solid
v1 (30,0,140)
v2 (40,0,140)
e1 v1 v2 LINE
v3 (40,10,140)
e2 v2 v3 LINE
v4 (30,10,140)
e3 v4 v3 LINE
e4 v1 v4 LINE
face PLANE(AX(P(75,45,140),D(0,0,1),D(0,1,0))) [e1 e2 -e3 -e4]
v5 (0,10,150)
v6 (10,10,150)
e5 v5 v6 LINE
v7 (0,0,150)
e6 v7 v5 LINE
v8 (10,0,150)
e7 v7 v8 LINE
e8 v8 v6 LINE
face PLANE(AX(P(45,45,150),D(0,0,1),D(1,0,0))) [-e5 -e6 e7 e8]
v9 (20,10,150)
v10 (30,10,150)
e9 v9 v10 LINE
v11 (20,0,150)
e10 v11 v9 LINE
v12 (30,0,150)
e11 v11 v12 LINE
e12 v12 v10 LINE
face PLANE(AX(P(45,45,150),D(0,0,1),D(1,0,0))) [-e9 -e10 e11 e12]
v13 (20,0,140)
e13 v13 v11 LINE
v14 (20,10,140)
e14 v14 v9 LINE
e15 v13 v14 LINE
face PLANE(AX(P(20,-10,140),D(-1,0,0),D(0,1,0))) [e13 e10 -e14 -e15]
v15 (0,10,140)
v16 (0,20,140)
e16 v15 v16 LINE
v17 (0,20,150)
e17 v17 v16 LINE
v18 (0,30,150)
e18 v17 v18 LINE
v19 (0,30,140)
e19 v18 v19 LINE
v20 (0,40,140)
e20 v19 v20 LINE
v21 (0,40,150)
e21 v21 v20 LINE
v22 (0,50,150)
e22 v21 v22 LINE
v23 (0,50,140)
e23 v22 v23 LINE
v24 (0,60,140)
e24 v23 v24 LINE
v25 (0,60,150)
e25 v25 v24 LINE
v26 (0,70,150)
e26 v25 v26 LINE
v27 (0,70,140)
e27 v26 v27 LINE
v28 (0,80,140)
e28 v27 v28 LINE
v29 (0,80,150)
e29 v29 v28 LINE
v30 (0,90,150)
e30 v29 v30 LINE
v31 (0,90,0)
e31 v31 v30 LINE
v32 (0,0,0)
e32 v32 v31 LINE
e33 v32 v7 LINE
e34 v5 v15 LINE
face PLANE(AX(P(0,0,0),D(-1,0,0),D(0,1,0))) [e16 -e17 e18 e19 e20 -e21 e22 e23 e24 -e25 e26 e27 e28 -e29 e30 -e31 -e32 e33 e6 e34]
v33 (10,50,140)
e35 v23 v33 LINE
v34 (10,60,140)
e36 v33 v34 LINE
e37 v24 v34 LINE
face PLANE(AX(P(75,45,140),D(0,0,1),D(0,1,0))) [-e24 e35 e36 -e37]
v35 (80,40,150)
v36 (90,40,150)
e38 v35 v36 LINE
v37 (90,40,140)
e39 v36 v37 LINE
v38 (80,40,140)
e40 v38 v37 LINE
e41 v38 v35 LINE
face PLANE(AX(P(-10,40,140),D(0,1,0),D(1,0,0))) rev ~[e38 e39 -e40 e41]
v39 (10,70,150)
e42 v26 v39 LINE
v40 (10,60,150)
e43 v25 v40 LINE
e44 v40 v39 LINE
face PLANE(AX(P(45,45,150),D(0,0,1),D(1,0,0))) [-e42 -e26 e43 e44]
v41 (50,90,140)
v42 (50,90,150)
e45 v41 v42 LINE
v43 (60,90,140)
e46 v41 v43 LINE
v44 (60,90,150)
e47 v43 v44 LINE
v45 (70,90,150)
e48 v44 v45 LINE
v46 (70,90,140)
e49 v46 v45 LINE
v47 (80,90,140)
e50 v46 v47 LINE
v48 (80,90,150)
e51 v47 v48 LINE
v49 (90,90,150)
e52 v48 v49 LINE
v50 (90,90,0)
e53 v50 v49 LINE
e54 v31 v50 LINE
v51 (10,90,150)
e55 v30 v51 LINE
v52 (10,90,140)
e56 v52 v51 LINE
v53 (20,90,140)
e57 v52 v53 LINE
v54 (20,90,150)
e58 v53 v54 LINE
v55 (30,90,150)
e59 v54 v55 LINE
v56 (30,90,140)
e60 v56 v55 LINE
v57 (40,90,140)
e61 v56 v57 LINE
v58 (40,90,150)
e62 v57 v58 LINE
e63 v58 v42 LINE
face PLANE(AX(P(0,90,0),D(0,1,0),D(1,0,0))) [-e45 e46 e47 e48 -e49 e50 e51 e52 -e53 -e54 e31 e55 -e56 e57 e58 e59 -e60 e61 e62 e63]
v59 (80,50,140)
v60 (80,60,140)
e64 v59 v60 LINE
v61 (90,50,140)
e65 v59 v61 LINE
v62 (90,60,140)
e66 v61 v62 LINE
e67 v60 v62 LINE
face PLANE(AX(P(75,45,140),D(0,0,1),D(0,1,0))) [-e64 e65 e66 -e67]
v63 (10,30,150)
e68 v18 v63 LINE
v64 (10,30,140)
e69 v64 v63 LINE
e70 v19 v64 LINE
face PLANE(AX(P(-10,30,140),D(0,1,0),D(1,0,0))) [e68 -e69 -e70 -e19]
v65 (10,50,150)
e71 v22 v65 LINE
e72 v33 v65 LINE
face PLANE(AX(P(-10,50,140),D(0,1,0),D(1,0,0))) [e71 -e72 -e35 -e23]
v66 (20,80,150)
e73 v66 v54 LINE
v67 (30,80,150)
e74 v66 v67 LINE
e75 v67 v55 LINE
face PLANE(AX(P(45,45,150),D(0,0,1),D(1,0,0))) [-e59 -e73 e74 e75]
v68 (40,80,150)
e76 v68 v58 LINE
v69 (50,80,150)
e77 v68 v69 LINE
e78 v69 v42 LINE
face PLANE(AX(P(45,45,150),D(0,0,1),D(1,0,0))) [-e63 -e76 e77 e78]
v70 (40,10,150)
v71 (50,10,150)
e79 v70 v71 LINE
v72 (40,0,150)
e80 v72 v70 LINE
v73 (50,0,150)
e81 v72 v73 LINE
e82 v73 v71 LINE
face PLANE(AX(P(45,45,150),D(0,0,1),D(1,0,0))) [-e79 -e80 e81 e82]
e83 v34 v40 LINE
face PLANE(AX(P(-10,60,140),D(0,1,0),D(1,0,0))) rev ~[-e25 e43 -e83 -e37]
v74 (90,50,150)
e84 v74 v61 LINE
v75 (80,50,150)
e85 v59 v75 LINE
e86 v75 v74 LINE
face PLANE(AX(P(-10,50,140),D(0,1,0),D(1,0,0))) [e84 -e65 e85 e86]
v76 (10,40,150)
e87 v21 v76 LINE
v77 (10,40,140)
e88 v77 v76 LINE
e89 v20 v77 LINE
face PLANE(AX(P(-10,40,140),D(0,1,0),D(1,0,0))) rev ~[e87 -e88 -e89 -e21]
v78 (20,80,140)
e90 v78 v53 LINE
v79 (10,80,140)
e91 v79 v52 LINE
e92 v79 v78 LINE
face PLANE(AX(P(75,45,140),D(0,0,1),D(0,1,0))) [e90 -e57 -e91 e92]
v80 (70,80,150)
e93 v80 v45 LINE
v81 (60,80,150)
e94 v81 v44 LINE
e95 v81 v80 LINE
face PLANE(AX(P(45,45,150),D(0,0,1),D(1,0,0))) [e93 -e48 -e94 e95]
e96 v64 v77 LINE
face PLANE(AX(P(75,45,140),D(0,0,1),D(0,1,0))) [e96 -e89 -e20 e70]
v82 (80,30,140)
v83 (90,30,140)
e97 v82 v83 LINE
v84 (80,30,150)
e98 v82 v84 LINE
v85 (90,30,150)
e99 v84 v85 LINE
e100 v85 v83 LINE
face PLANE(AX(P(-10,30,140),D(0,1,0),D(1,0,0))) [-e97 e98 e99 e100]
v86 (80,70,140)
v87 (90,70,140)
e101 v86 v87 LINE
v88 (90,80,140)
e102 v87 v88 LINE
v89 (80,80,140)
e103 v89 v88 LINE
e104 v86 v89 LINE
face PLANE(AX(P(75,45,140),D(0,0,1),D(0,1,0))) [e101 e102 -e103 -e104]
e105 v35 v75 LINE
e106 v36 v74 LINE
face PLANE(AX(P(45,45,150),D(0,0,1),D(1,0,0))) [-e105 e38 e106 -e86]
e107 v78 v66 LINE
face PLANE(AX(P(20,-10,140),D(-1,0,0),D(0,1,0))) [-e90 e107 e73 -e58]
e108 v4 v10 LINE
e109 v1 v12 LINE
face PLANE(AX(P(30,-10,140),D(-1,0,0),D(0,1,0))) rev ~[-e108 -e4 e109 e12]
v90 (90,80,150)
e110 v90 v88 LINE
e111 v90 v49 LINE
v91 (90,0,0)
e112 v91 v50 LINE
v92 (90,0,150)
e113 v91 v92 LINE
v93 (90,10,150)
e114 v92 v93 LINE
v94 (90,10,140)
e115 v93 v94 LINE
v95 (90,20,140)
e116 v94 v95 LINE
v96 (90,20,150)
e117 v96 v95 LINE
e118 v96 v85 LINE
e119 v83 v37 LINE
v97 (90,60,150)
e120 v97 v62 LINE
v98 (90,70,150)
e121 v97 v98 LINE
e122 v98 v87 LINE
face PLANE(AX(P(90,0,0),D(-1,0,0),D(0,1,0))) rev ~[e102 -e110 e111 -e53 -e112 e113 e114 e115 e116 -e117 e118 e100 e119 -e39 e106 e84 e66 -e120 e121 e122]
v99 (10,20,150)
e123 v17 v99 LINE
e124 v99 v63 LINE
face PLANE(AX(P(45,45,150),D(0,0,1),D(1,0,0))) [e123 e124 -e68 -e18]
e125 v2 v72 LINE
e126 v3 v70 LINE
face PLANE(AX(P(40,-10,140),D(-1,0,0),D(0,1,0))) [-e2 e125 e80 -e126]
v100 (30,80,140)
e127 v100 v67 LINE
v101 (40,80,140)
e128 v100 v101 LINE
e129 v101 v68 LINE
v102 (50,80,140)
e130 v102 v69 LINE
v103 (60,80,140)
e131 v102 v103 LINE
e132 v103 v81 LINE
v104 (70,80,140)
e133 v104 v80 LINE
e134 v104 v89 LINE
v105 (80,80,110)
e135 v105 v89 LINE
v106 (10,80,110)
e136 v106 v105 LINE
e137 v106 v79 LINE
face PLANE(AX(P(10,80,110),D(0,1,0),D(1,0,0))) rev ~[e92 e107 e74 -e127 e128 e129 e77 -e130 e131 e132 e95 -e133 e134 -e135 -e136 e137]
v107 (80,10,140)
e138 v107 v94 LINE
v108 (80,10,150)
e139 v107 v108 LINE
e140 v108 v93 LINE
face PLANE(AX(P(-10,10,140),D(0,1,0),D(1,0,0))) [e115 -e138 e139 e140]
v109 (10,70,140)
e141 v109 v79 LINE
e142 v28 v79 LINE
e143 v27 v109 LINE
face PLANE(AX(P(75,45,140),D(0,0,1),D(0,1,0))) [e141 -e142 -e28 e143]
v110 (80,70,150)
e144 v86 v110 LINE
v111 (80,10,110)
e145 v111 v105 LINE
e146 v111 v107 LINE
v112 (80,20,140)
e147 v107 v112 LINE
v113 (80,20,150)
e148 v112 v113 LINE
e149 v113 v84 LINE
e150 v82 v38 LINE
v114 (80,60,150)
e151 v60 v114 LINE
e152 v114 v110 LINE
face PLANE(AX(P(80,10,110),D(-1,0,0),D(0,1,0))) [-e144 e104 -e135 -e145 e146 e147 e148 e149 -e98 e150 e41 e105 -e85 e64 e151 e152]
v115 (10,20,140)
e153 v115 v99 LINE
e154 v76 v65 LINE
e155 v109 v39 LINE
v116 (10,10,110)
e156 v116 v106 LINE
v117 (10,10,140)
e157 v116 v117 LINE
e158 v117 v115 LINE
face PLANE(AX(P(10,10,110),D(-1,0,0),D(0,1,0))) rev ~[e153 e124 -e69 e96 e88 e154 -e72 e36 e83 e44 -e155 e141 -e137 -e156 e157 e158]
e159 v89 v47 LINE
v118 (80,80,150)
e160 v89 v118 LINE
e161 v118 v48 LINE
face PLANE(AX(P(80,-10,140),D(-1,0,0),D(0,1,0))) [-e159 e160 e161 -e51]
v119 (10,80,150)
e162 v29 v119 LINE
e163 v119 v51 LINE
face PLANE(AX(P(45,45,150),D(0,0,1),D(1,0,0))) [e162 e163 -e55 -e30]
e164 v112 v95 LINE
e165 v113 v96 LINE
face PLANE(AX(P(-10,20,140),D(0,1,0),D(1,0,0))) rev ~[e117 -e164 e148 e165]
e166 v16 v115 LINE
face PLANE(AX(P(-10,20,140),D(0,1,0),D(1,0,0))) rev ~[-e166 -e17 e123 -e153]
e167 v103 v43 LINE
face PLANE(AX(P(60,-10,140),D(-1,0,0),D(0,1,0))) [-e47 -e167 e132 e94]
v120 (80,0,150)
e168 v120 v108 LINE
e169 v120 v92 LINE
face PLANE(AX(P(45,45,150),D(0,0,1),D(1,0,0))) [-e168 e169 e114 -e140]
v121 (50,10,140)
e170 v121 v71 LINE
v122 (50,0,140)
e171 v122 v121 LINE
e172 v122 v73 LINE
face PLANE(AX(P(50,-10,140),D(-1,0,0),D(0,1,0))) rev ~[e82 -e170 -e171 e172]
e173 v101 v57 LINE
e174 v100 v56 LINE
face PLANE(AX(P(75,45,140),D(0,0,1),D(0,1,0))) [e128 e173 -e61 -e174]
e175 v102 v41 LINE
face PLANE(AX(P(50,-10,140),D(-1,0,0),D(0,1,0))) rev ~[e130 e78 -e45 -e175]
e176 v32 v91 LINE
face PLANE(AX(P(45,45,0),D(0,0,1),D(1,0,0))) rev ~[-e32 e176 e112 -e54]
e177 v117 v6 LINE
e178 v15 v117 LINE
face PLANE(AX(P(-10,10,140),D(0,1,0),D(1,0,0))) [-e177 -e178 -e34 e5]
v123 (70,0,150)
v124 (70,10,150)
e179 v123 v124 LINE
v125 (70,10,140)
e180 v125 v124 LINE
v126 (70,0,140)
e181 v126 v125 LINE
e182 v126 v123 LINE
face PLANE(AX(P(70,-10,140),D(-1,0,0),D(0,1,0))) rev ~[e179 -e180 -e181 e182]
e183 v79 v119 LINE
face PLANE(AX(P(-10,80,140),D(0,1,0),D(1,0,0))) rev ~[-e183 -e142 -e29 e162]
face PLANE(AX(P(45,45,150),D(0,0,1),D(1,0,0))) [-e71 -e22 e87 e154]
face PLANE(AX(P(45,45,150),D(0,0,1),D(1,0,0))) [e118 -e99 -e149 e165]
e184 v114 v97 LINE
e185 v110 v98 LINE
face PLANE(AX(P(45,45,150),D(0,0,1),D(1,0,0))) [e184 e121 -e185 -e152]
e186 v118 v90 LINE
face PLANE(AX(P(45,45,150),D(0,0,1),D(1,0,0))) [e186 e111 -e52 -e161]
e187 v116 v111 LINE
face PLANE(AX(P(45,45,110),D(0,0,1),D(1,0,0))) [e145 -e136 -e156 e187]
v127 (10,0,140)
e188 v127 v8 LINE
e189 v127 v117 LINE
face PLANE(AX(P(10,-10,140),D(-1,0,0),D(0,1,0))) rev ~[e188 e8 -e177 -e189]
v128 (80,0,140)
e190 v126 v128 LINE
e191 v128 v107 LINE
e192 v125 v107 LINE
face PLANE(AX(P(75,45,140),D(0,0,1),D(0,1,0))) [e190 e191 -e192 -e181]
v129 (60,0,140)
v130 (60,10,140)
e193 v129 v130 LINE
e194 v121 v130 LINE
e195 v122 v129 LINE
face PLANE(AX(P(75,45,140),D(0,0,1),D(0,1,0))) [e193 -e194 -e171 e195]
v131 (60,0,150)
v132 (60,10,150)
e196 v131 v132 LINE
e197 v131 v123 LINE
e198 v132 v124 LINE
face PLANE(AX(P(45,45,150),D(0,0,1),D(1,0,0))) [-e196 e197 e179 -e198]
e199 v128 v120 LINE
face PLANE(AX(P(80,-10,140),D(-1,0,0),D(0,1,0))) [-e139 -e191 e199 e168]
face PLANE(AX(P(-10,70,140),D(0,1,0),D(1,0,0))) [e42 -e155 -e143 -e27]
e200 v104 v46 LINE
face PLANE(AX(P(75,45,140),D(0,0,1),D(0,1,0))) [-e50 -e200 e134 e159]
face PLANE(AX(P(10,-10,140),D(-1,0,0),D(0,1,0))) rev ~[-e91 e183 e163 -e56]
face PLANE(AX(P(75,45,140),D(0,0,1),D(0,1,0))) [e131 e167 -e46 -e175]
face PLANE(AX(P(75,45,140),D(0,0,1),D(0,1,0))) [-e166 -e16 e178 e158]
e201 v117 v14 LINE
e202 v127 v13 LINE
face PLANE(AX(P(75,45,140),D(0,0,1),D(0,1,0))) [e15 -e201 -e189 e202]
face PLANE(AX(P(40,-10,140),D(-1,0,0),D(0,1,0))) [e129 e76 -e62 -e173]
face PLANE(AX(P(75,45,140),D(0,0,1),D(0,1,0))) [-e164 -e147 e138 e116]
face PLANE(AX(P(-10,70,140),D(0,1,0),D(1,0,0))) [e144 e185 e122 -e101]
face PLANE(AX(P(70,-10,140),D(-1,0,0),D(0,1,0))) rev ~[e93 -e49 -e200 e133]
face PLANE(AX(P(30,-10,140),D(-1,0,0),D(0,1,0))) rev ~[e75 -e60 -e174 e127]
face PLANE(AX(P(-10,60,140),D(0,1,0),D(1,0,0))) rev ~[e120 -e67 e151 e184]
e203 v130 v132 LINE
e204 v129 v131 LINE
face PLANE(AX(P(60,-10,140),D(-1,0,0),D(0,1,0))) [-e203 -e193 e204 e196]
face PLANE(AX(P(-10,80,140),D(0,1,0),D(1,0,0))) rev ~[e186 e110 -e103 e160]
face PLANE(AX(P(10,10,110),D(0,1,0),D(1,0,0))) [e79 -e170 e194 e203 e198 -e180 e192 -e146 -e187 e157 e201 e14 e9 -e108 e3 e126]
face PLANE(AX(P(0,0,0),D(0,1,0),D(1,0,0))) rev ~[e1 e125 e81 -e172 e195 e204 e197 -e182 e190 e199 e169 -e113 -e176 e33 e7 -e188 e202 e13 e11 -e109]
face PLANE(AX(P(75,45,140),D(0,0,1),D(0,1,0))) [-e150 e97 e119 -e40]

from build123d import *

# Parameters (mm, degrees)
BOX004_W                 = 110
BOX004_H                 = 10
BOX004_DEPTH             = 10
ARRAY001_Y_COUNT         = 4
ARRAY001_Y_PITCH         = 20
ARRAY001_PLACEMENT_ANGLE = 90
BOX003_W                 = 110
BOX003_H                 = 10
BOX003_DEPTH             = 10
ARRAY_Y_COUNT            = 4
ARRAY_Y_PITCH            = 20
BOX002_W                 = 70
BOX002_H                 = 70
BOX002_DEPTH             = 110
BOX_W                    = 90
BOX_H                    = 90
BOX_DEPTH                = 150


with BuildPart() as barras_vert:
    # Box004 → Box004 (new body)
    with BuildSketch(Plane.XY):
        with Locations((55, 5)):
            Rectangle(BOX004_W, BOX004_H)
    extrude(amount=BOX004_DEPTH)

    # Array001 Y: Barras_vert ×4


with BuildPart() as barras_vert_1:
    add(barras_vert.part)
    with Locations(*[(0, i * ARRAY001_Y_PITCH, 0) for i in range(1, ARRAY001_Y_COUNT)]):
        add(barras_vert.part)


with BuildPart() as barras_vert_2:
    # Array001 placement: moved
    add(barras_vert_1.part.moved(Location((80, -10, 140))).rotate(Axis((80, -10, 140), (0, 0, 1)), ARRAY001_PLACEMENT_ANGLE))


with BuildPart() as barres:
    # Box003 → Box003 (new body)
    with BuildSketch(Plane.XY):
        with Locations((55, 5)):
            Rectangle(BOX003_W, BOX003_H)
    extrude(amount=BOX003_DEPTH)

    # Array Y: Barres ×4


with BuildPart() as barres_1:
    add(barres.part)
    with Locations(*[(0, i * ARRAY_Y_PITCH, 0) for i in range(1, ARRAY_Y_COUNT)]):
        add(barres.part)


with BuildPart() as barres_2:
    # Array placement: moved
    add(barres_1.part.moved(Location((-10, 10, 140))))

    # Fusion: union Barras_vert
    add(barras_vert_2.part)


with BuildPart() as cub002:
    # Box002 → Box002 (new body)
    with BuildSketch(Plane(origin=(10, 10, 110), x_dir=(1, 0, 0), z_dir=(0, 0, 1))):
        with Locations((35, 35)):
            Rectangle(BOX002_W, BOX002_H)
    extrude(amount=BOX002_DEPTH)


with BuildPart() as castell:
    # Box → Box (new body)
    with BuildSketch(Plane.XY):
        with Locations((45, 45)):
            Rectangle(BOX_W, BOX_H)
    extrude(amount=BOX_DEPTH)

    # Cut: cut Cub002
    add(cub002.part, mode=Mode.SUBTRACT)

    # Cut001: cut Barres
    add(barres_2.part, mode=Mode.SUBTRACT)


solid = castell.part
